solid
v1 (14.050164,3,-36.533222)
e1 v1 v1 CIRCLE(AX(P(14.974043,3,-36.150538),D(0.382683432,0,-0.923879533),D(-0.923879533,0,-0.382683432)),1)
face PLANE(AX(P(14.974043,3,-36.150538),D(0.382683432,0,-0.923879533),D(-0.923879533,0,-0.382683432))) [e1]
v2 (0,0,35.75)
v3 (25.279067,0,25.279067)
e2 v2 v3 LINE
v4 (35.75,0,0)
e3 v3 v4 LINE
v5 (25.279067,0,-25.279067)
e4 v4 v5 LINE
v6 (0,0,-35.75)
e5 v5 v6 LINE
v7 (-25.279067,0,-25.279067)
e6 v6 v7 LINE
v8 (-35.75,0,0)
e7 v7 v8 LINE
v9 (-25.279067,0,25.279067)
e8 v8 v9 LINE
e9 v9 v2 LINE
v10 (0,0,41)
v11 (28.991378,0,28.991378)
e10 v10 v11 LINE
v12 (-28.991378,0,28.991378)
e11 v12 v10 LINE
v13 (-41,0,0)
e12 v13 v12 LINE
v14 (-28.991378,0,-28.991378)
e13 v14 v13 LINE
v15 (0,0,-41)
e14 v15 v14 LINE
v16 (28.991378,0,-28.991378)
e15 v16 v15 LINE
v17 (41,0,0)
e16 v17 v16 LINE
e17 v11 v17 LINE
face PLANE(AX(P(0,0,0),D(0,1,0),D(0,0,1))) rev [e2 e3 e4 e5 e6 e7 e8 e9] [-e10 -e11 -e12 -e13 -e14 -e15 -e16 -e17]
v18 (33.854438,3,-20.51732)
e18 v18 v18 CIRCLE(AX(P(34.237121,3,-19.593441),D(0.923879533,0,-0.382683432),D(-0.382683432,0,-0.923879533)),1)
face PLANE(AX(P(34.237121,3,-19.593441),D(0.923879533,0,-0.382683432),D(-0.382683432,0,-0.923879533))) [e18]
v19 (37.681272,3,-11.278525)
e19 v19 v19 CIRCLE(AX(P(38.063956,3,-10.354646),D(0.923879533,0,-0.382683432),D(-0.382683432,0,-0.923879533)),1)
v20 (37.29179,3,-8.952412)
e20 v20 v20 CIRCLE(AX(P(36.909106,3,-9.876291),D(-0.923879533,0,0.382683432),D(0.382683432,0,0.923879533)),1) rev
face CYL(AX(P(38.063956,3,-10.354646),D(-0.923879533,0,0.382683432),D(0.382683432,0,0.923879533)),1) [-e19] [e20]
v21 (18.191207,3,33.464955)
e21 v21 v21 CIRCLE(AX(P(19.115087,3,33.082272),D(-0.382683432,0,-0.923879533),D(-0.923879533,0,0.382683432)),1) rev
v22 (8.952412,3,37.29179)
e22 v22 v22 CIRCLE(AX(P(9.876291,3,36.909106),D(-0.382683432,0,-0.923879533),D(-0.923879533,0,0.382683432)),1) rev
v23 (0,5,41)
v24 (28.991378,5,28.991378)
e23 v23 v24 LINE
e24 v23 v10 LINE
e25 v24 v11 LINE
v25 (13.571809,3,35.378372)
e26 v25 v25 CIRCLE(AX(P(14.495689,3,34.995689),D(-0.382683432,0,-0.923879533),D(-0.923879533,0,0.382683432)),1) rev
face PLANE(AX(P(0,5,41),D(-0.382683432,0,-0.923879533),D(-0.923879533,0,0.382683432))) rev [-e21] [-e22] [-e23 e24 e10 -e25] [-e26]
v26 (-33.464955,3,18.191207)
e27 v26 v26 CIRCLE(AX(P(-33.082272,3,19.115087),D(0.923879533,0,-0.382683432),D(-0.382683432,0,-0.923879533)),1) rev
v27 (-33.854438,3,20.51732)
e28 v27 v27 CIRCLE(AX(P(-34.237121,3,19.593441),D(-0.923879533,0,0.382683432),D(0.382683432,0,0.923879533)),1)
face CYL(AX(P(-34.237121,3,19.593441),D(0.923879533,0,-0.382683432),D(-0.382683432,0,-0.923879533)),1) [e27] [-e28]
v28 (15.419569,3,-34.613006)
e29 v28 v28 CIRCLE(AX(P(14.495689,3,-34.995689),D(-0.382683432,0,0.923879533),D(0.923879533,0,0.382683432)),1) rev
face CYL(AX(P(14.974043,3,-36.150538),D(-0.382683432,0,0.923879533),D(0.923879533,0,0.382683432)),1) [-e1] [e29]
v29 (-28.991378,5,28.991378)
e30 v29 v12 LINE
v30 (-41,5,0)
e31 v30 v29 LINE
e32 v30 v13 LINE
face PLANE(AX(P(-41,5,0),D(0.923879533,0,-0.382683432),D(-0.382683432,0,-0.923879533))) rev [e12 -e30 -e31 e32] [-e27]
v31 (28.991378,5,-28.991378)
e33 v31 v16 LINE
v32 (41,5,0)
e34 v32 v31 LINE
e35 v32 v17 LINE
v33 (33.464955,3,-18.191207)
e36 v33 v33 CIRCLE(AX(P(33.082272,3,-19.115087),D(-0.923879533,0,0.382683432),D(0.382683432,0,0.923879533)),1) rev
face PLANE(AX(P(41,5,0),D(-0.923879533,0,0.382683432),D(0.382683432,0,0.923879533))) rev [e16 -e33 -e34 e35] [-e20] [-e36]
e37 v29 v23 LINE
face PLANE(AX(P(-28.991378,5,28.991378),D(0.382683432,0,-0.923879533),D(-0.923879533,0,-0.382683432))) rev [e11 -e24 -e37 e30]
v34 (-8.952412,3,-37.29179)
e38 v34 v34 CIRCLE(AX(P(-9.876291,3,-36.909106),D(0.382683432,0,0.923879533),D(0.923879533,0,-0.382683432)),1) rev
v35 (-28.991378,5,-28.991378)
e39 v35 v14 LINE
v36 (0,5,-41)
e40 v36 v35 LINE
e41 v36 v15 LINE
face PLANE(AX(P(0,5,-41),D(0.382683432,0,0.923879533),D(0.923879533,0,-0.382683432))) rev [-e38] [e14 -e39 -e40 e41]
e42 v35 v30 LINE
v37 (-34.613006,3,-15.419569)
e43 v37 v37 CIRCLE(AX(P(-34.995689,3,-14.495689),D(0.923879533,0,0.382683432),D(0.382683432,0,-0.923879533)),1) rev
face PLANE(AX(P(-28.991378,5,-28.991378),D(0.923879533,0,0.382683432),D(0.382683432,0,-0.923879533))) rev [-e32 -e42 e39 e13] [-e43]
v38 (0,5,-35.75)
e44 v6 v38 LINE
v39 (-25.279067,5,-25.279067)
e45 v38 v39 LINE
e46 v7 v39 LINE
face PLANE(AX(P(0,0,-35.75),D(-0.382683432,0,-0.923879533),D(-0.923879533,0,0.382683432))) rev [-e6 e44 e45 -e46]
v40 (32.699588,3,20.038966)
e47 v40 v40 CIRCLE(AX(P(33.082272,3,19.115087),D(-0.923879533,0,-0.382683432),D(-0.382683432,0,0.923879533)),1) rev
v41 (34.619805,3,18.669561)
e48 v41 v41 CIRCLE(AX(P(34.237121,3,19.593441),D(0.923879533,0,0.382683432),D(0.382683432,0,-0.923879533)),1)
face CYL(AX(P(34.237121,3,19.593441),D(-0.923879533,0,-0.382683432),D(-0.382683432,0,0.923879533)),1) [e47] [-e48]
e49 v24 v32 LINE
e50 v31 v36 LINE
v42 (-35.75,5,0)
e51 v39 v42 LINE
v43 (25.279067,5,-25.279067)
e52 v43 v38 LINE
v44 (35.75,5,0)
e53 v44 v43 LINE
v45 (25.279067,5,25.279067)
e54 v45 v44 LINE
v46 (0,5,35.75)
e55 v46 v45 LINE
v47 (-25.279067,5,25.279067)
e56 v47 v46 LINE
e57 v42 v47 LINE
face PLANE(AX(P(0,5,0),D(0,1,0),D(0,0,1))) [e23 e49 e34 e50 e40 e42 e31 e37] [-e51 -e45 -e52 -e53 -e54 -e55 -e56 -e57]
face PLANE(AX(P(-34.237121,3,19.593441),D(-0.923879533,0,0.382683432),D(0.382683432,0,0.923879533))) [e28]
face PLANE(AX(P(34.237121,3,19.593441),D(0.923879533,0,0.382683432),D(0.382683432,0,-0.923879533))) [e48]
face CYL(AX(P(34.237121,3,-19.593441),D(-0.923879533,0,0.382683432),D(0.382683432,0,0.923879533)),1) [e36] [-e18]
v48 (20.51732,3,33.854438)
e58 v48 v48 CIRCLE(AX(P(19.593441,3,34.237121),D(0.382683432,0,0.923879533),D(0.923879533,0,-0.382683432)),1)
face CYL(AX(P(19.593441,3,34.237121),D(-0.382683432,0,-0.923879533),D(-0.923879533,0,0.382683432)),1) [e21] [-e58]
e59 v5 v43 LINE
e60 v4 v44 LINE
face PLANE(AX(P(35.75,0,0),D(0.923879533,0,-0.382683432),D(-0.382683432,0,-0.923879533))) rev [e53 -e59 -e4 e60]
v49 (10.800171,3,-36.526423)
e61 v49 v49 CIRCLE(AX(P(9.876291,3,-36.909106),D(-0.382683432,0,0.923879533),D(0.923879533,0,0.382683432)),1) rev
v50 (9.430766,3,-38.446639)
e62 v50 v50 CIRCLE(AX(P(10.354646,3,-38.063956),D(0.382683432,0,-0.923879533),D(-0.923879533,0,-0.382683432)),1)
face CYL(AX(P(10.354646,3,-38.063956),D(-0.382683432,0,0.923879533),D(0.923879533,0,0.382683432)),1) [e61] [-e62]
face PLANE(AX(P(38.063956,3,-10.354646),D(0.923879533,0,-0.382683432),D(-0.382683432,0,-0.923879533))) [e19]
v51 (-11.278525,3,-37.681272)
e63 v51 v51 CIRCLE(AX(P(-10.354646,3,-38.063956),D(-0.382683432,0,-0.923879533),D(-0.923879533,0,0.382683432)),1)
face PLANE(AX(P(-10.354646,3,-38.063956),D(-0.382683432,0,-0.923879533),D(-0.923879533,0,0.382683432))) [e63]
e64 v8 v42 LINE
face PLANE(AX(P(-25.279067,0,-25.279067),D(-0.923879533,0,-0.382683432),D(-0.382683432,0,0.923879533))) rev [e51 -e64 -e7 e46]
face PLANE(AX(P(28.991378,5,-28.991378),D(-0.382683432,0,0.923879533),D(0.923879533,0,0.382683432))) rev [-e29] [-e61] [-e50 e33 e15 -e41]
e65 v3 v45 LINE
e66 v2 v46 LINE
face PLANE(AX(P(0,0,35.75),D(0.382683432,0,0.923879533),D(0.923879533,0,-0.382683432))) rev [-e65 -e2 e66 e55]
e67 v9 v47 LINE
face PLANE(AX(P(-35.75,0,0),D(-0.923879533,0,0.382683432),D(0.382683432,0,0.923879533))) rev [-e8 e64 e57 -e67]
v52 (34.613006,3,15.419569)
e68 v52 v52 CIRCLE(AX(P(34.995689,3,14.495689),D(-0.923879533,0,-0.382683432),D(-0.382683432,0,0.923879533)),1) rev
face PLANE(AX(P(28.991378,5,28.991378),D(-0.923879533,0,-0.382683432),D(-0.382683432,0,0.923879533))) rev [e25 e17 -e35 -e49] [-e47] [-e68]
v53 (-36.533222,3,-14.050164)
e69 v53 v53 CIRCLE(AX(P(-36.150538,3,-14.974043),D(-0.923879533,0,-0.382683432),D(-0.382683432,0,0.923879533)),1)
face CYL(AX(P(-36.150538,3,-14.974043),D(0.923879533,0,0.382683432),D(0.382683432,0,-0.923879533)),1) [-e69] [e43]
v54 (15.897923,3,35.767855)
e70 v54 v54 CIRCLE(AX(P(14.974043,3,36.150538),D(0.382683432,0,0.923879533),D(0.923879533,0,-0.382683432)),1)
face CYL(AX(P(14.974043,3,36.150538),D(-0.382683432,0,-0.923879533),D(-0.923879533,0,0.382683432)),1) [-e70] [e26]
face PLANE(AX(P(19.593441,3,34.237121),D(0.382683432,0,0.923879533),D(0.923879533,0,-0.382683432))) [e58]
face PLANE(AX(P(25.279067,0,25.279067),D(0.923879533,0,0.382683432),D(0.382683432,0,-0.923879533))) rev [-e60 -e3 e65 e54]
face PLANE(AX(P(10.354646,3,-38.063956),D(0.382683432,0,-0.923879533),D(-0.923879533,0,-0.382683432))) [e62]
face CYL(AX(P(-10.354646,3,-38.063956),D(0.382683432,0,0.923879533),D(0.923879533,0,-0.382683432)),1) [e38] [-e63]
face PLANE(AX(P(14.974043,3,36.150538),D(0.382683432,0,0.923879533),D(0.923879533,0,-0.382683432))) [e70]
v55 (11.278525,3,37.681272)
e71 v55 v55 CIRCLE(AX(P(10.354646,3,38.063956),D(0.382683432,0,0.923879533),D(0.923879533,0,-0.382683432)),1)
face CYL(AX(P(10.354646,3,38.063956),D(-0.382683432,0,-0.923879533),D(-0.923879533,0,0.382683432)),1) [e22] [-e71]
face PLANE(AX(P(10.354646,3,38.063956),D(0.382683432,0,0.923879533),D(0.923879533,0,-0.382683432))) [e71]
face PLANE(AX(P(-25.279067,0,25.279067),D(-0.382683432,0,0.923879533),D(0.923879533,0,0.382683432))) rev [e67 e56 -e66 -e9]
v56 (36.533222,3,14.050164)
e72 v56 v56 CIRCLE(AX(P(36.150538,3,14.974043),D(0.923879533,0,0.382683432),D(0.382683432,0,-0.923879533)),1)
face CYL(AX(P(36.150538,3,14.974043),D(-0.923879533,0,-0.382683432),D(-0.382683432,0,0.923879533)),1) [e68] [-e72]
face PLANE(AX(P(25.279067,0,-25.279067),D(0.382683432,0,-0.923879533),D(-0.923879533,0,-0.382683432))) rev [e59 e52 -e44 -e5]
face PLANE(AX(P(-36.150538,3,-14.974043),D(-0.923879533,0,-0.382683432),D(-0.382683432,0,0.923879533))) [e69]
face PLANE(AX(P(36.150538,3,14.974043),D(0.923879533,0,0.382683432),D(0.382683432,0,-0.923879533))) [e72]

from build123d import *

# Parameters (mm, degrees)
BOSS_EXTRUDE1_DEPTH  = 5
CUT_EXTRUDE1_DEPTH   = 5
SKETCH6_R            = 1
BOSS_EXTRUDE5_DEPTH  = 1.25
SKETCH7_R            = 1
BOSS_EXTRUDE6_DEPTH  = 1.25
SKETCH8_R            = 1
BOSS_EXTRUDE7_DEPTH  = 1.25
BOSS_EXTRUDE8_START  = 1.25
SKETCH9_R            = 1
BOSS_EXTRUDE8_DEPTH  = 1.25
SKETCH10_R           = 1
BOSS_EXTRUDE12_DEPTH = 1.25
BOSS_EXTRUDE13_START = 1.25
SKETCH11_R           = 1
BOSS_EXTRUDE13_DEPTH = 1.25
BOSS_EXTRUDE14_START = 1.25
SKETCH12_R           = 1
BOSS_EXTRUDE14_DEPTH = 1.25


with BuildPart() as part:
    # Sketch3 → Boss-Extrude1 (new body)
    with BuildSketch(Plane(origin=(0, 0, 0), x_dir=(1, 0, 0), z_dir=(0, 1, 0))):
        Polygon((41, 0), (28.991378029, 28.991378029), (0, 41), (-28.991378029, 28.991378029), (-41, 0), (-28.991378029, -28.991378029), (0, -41), (28.991378029, -28.991378029), align=None)
    extrude(amount=BOSS_EXTRUDE1_DEPTH)

    # Sketch5 → Cut-Extrude1 (cut)
    with BuildSketch(Plane(origin=(0, 5, 0), x_dir=(1, 0, 0), z_dir=(0, 1, 0))):
        Polygon((35.75, 0), (25.279067427, 25.279067427), (0, 35.75), (-25.279067427, 25.279067427), (-35.75, 0), (-25.279067427, -25.279067427), (0, -35.75), (25.279067427, -25.279067427), align=None)
    extrude(amount=-CUT_EXTRUDE1_DEPTH, mode=Mode.SUBTRACT)

    # Sketch6 → Boss-Extrude5 (add)
    with BuildSketch(Plane(origin=(14.495689014, 0, 34.995689014), x_dir=(0.9238795325112827, 0, -0.38268343236509966), z_dir=(0.38268343236509966, 0, 0.9238795325112827))):
        with Locations(Location((0, 3, 0), (0, 0, 180))):
            Circle(SKETCH6_R)
        with Locations(Location((-5, 3, 0), (0, 0, 180))):
            Circle(SKETCH6_R)
        with Locations(Location((5, 3, 0), (0, 0, 180))):
            Circle(SKETCH6_R)
    extrude(amount=BOSS_EXTRUDE5_DEPTH)

    # Sketch7 → Boss-Extrude6 (add)
    with BuildSketch(Plane(origin=(-34.995689014, 0, 14.495689014), x_dir=(0.3826834323650997, 0, 0.9238795325112827), z_dir=(-0.9238795325112827, 0, 0.3826834323650997))):
        with Locations(Location((5, 3, 0), (0, 0, 180))):
            Circle(SKETCH7_R)
    extrude(amount=BOSS_EXTRUDE6_DEPTH)

    # Sketch8 → Boss-Extrude7 (add)
    with BuildSketch(Plane(origin=(-34.995689014, 0, -14.495689014), x_dir=(-0.3826834323650795, 0, 0.9238795325112911), z_dir=(-0.9238795325112911, 0, -0.3826834323650795))):
        with Locations(Location((0, 3, 0), (0, 0, 180))):
            Circle(SKETCH8_R)
    extrude(amount=BOSS_EXTRUDE7_DEPTH)

    # Sketch9 → Boss-Extrude8 (add)
    with BuildSketch(Plane(origin=(-14.495689014, 0, -34.995689014), x_dir=(-0.9238795325112826, 0, 0.38268343236509983), z_dir=(-0.38268343236509983, 0, -0.9238795325112826)).offset(BOSS_EXTRUDE8_START)):
        with Locations((-5, 3)):
            Circle(SKETCH9_R)
    extrude(amount=-BOSS_EXTRUDE8_DEPTH)

    # Sketch10 → Boss-Extrude12 (add)
    with BuildSketch(Plane(origin=(14.495689014, 0, -34.995689014), x_dir=(-0.923879532511291, 0, -0.38268343236507973), z_dir=(0.38268343236507973, 0, -0.923879532511291))):
        with Locations(Location((0, 3, 0), (0, 0, 180))):
            Circle(SKETCH10_R)
        with Locations(Location((5, 3, 0), (0, 0, 180))):
            Circle(SKETCH10_R)
    extrude(amount=BOSS_EXTRUDE12_DEPTH)

    # Sketch11 → Boss-Extrude13 (add)
    with BuildSketch(Plane(origin=(34.995689014, 0, -14.495689014), x_dir=(-0.3826834323651001, 0, -0.9238795325112825), z_dir=(0.9238795325112824, 0, -0.38268343236510005)).offset(BOSS_EXTRUDE13_START)):
        with Locations(Location((5, 3, 0), (0, 0, 180))):
            Circle(SKETCH11_R)
        with Locations((-5, 3)):
            Circle(SKETCH11_R)
    extrude(amount=-BOSS_EXTRUDE13_DEPTH)

    # Sketch12 → Boss-Extrude14 (add)
    with BuildSketch(Plane(origin=(34.995689014, 0, 14.495689014), x_dir=(0.3826834323650795, 0, -0.923879532511291), z_dir=(0.9238795325112911, 0, 0.38268343236507957)).offset(BOSS_EXTRUDE14_START)):
        with Locations((0, 3)):
            Circle(SKETCH12_R)
        with Locations(Location((-5, 3, 0), (0, 0, 180))):
            Circle(SKETCH12_R)
    extrude(amount=-BOSS_EXTRUDE14_DEPTH)


solid = part.part
